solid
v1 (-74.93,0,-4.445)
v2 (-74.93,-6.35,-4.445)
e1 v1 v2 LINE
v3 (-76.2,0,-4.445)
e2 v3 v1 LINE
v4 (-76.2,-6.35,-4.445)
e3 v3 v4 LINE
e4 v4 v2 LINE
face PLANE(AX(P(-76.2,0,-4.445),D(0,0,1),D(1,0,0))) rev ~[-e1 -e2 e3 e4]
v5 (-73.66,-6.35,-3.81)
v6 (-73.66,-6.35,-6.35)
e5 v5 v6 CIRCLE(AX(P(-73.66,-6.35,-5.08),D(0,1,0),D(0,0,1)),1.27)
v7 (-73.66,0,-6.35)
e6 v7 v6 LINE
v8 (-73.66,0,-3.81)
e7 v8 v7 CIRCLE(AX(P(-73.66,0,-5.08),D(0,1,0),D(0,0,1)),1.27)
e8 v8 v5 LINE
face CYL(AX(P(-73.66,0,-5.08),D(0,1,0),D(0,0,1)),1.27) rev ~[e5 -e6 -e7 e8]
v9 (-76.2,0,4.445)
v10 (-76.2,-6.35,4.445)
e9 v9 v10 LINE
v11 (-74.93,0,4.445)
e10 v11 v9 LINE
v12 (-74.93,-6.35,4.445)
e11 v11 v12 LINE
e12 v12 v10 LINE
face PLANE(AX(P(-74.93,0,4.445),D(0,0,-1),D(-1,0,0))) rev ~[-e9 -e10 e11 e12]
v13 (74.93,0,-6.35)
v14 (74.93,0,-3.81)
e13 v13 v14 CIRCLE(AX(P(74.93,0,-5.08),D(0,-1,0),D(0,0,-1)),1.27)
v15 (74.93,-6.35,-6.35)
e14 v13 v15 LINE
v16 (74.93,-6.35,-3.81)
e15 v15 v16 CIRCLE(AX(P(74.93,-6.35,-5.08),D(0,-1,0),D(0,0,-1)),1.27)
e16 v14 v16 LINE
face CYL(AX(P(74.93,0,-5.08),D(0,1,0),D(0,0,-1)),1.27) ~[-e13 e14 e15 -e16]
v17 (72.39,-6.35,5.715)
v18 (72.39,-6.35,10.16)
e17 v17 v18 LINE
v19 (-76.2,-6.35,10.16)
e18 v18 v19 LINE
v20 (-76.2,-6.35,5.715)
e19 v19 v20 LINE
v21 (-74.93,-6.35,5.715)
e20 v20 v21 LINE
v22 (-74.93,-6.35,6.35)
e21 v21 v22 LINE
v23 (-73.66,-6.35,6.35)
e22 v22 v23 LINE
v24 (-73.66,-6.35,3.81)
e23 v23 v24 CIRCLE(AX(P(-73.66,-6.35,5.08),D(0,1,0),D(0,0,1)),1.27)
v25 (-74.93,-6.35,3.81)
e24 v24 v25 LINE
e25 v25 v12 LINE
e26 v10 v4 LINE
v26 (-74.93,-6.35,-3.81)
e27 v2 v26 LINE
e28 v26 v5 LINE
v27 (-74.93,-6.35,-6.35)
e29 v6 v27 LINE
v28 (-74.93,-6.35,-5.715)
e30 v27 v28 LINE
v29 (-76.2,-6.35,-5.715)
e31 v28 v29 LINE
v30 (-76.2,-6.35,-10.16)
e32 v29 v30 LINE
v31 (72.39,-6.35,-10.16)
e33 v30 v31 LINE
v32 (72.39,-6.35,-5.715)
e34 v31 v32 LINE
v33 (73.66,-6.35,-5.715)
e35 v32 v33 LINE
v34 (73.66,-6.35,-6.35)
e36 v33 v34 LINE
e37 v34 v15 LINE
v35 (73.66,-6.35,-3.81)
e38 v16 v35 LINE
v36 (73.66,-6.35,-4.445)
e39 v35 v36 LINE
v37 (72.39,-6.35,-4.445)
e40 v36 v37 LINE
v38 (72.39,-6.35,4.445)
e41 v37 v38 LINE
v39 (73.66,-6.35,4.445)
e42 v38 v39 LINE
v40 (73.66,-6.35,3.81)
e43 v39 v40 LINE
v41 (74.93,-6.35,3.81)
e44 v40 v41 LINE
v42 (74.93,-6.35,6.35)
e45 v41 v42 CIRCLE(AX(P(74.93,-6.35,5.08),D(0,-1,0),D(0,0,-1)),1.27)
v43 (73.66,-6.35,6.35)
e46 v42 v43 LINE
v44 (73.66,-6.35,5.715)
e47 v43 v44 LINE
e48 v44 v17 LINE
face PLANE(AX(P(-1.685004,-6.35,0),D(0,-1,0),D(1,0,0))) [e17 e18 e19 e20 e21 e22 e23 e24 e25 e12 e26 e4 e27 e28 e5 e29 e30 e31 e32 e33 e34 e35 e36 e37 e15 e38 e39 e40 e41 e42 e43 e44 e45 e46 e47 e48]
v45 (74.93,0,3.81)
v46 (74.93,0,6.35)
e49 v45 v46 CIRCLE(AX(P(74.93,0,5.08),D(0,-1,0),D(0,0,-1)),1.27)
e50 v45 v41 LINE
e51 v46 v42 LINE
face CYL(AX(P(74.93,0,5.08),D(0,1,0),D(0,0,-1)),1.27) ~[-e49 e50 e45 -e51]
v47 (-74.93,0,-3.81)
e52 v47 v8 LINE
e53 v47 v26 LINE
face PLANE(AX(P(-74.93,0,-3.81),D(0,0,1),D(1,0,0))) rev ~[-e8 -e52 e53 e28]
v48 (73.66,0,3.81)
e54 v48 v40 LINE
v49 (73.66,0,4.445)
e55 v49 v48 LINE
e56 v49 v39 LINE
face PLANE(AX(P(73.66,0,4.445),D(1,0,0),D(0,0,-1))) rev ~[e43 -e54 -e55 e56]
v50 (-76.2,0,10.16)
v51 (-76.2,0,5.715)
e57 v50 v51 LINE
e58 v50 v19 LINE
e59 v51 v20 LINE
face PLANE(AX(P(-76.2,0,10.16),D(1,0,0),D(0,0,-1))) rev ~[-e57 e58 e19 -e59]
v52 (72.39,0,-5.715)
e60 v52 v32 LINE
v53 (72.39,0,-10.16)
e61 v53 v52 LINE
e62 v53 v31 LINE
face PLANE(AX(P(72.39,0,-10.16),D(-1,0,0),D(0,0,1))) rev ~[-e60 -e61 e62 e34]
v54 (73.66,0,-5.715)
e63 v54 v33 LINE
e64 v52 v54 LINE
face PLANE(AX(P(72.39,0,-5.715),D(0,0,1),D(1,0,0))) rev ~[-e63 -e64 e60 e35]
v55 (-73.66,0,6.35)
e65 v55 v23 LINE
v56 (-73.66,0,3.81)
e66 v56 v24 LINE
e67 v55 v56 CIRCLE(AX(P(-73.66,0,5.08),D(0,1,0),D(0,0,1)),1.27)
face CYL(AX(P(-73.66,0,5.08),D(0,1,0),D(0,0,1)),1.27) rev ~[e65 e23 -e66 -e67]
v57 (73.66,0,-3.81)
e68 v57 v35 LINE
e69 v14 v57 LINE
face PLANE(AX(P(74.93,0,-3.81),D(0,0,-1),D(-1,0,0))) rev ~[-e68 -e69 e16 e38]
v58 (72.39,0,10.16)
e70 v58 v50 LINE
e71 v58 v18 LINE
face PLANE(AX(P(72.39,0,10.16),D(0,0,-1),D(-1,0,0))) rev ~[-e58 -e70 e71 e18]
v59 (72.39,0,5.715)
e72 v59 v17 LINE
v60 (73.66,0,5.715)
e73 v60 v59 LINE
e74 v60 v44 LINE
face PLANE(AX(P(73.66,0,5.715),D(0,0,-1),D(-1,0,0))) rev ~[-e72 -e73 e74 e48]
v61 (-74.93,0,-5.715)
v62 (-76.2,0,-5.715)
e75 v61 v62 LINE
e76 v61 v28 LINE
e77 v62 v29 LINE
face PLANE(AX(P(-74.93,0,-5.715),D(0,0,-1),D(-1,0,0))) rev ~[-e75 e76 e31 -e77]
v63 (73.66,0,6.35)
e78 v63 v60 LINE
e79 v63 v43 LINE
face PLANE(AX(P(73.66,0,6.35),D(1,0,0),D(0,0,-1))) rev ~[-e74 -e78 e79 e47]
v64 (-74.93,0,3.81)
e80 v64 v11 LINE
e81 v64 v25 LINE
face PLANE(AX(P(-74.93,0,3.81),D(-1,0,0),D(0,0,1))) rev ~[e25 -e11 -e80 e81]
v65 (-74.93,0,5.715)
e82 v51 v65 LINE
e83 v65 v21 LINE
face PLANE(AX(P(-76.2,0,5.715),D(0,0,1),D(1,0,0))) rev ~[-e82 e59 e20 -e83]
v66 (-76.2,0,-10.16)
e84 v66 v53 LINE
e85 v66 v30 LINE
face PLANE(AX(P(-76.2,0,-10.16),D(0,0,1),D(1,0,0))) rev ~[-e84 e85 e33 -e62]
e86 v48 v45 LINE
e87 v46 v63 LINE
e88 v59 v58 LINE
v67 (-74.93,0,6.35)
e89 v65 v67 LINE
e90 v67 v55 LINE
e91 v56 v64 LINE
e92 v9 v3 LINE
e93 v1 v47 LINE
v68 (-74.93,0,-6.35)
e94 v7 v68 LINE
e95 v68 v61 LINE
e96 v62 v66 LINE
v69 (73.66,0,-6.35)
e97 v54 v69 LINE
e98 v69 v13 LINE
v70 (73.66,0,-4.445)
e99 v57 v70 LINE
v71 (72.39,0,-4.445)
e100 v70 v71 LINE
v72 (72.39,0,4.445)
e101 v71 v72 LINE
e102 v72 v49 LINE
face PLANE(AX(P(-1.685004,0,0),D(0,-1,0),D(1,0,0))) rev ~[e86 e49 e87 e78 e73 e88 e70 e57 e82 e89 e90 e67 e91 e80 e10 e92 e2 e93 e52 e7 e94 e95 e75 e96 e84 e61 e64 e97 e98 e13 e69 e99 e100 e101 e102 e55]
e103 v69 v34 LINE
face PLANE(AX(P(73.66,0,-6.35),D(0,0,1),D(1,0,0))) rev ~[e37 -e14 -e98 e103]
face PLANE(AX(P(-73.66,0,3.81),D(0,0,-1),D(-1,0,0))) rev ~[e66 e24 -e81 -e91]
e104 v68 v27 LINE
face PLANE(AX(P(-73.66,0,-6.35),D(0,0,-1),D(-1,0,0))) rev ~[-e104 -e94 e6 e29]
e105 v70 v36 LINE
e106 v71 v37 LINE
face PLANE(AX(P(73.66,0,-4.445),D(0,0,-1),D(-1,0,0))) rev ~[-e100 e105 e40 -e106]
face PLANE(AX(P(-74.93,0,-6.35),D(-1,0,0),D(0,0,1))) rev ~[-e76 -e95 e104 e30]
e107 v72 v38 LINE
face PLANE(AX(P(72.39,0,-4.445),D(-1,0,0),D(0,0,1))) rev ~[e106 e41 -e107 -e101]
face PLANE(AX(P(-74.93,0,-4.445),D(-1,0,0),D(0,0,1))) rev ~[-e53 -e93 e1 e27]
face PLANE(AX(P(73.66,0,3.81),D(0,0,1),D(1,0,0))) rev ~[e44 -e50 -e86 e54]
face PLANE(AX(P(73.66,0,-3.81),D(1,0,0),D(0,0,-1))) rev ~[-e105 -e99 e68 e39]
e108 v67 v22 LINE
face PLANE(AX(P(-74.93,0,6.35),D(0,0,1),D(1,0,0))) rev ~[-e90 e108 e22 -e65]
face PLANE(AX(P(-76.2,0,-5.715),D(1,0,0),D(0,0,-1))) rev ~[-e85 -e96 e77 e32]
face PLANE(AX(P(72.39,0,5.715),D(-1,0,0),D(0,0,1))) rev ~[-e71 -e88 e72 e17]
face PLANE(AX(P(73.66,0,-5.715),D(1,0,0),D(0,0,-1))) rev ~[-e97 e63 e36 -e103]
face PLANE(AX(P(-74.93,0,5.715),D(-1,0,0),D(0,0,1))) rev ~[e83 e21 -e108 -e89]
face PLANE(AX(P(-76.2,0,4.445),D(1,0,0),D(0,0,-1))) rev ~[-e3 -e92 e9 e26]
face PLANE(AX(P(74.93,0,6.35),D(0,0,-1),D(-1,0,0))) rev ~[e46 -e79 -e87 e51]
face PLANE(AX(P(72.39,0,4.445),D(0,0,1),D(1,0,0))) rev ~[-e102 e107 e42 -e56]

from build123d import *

# Parameters (mm, degrees)
F1_DEPTH = 6.35


with BuildPart() as f1:
    # F0 (on Front) → F1 (new body)
    with BuildSketch(Plane.XZ):
        with BuildLine():
            Line((-76.2, -10.16), (72.39, -10.16))
            Line((72.39, -10.16), (72.39, -5.715))
            Line((72.39, -5.715), (73.66, -5.715))
            Line((73.66, -5.715), (73.66, -6.35))
            Line((73.66, -6.35), (74.93, -6.35))
            ThreePointArc((74.93, -6.35), (76.2, -5.08), (74.93, -3.81))
            Line((74.93, -3.81), (73.66, -3.81))
            Line((73.66, -3.81), (73.66, -4.445))
            Line((73.66, -4.445), (72.39, -4.445))
            Line((72.39, -4.445), (72.39, 4.445))
            Line((72.39, 4.445), (73.66, 4.445))
            Line((73.66, 4.445), (73.66, 3.81))
            Line((73.66, 3.81), (74.93, 3.81))
            ThreePointArc((74.93, 3.81), (76.2, 5.08), (74.93, 6.35))
            Line((74.93, 6.35), (73.66, 6.35))
            Line((73.66, 6.35), (73.66, 5.715))
            Line((73.66, 5.715), (72.39, 5.715))
            Line((72.39, 5.715), (72.39, 10.16))
            Line((72.39, 10.16), (-76.2, 10.16))
            Line((-76.2, 10.16), (-76.2, 5.715))
            Line((-76.2, 5.715), (-74.93, 5.715))
            Line((-74.93, 5.715), (-74.93, 6.35))
            Line((-74.93, 6.35), (-73.66, 6.35))
            ThreePointArc((-73.66, 6.35), (-72.39, 5.08), (-73.66, 3.81))
            Line((-73.66, 3.81), (-74.93, 3.81))
            Line((-74.93, 3.81), (-74.93, 4.445))
            Line((-74.93, 4.445), (-76.2, 4.445))
            Line((-76.2, 4.445), (-76.2, -4.445))
            Line((-76.2, -4.445), (-74.93, -4.445))
            Line((-74.93, -4.445), (-74.93, -3.81))
            Line((-74.93, -3.81), (-73.66, -3.81))
            ThreePointArc((-73.66, -3.81), (-72.39, -5.08), (-73.66, -6.35))
            Line((-73.66, -6.35), (-74.93, -6.35))
            Line((-74.93, -6.35), (-74.93, -5.715))
            Line((-74.93, -5.715), (-76.2, -5.715))
            Line((-76.2, -5.715), (-76.2, -10.16))
        make_face()
    extrude(amount=F1_DEPTH)


solid = f1.part
